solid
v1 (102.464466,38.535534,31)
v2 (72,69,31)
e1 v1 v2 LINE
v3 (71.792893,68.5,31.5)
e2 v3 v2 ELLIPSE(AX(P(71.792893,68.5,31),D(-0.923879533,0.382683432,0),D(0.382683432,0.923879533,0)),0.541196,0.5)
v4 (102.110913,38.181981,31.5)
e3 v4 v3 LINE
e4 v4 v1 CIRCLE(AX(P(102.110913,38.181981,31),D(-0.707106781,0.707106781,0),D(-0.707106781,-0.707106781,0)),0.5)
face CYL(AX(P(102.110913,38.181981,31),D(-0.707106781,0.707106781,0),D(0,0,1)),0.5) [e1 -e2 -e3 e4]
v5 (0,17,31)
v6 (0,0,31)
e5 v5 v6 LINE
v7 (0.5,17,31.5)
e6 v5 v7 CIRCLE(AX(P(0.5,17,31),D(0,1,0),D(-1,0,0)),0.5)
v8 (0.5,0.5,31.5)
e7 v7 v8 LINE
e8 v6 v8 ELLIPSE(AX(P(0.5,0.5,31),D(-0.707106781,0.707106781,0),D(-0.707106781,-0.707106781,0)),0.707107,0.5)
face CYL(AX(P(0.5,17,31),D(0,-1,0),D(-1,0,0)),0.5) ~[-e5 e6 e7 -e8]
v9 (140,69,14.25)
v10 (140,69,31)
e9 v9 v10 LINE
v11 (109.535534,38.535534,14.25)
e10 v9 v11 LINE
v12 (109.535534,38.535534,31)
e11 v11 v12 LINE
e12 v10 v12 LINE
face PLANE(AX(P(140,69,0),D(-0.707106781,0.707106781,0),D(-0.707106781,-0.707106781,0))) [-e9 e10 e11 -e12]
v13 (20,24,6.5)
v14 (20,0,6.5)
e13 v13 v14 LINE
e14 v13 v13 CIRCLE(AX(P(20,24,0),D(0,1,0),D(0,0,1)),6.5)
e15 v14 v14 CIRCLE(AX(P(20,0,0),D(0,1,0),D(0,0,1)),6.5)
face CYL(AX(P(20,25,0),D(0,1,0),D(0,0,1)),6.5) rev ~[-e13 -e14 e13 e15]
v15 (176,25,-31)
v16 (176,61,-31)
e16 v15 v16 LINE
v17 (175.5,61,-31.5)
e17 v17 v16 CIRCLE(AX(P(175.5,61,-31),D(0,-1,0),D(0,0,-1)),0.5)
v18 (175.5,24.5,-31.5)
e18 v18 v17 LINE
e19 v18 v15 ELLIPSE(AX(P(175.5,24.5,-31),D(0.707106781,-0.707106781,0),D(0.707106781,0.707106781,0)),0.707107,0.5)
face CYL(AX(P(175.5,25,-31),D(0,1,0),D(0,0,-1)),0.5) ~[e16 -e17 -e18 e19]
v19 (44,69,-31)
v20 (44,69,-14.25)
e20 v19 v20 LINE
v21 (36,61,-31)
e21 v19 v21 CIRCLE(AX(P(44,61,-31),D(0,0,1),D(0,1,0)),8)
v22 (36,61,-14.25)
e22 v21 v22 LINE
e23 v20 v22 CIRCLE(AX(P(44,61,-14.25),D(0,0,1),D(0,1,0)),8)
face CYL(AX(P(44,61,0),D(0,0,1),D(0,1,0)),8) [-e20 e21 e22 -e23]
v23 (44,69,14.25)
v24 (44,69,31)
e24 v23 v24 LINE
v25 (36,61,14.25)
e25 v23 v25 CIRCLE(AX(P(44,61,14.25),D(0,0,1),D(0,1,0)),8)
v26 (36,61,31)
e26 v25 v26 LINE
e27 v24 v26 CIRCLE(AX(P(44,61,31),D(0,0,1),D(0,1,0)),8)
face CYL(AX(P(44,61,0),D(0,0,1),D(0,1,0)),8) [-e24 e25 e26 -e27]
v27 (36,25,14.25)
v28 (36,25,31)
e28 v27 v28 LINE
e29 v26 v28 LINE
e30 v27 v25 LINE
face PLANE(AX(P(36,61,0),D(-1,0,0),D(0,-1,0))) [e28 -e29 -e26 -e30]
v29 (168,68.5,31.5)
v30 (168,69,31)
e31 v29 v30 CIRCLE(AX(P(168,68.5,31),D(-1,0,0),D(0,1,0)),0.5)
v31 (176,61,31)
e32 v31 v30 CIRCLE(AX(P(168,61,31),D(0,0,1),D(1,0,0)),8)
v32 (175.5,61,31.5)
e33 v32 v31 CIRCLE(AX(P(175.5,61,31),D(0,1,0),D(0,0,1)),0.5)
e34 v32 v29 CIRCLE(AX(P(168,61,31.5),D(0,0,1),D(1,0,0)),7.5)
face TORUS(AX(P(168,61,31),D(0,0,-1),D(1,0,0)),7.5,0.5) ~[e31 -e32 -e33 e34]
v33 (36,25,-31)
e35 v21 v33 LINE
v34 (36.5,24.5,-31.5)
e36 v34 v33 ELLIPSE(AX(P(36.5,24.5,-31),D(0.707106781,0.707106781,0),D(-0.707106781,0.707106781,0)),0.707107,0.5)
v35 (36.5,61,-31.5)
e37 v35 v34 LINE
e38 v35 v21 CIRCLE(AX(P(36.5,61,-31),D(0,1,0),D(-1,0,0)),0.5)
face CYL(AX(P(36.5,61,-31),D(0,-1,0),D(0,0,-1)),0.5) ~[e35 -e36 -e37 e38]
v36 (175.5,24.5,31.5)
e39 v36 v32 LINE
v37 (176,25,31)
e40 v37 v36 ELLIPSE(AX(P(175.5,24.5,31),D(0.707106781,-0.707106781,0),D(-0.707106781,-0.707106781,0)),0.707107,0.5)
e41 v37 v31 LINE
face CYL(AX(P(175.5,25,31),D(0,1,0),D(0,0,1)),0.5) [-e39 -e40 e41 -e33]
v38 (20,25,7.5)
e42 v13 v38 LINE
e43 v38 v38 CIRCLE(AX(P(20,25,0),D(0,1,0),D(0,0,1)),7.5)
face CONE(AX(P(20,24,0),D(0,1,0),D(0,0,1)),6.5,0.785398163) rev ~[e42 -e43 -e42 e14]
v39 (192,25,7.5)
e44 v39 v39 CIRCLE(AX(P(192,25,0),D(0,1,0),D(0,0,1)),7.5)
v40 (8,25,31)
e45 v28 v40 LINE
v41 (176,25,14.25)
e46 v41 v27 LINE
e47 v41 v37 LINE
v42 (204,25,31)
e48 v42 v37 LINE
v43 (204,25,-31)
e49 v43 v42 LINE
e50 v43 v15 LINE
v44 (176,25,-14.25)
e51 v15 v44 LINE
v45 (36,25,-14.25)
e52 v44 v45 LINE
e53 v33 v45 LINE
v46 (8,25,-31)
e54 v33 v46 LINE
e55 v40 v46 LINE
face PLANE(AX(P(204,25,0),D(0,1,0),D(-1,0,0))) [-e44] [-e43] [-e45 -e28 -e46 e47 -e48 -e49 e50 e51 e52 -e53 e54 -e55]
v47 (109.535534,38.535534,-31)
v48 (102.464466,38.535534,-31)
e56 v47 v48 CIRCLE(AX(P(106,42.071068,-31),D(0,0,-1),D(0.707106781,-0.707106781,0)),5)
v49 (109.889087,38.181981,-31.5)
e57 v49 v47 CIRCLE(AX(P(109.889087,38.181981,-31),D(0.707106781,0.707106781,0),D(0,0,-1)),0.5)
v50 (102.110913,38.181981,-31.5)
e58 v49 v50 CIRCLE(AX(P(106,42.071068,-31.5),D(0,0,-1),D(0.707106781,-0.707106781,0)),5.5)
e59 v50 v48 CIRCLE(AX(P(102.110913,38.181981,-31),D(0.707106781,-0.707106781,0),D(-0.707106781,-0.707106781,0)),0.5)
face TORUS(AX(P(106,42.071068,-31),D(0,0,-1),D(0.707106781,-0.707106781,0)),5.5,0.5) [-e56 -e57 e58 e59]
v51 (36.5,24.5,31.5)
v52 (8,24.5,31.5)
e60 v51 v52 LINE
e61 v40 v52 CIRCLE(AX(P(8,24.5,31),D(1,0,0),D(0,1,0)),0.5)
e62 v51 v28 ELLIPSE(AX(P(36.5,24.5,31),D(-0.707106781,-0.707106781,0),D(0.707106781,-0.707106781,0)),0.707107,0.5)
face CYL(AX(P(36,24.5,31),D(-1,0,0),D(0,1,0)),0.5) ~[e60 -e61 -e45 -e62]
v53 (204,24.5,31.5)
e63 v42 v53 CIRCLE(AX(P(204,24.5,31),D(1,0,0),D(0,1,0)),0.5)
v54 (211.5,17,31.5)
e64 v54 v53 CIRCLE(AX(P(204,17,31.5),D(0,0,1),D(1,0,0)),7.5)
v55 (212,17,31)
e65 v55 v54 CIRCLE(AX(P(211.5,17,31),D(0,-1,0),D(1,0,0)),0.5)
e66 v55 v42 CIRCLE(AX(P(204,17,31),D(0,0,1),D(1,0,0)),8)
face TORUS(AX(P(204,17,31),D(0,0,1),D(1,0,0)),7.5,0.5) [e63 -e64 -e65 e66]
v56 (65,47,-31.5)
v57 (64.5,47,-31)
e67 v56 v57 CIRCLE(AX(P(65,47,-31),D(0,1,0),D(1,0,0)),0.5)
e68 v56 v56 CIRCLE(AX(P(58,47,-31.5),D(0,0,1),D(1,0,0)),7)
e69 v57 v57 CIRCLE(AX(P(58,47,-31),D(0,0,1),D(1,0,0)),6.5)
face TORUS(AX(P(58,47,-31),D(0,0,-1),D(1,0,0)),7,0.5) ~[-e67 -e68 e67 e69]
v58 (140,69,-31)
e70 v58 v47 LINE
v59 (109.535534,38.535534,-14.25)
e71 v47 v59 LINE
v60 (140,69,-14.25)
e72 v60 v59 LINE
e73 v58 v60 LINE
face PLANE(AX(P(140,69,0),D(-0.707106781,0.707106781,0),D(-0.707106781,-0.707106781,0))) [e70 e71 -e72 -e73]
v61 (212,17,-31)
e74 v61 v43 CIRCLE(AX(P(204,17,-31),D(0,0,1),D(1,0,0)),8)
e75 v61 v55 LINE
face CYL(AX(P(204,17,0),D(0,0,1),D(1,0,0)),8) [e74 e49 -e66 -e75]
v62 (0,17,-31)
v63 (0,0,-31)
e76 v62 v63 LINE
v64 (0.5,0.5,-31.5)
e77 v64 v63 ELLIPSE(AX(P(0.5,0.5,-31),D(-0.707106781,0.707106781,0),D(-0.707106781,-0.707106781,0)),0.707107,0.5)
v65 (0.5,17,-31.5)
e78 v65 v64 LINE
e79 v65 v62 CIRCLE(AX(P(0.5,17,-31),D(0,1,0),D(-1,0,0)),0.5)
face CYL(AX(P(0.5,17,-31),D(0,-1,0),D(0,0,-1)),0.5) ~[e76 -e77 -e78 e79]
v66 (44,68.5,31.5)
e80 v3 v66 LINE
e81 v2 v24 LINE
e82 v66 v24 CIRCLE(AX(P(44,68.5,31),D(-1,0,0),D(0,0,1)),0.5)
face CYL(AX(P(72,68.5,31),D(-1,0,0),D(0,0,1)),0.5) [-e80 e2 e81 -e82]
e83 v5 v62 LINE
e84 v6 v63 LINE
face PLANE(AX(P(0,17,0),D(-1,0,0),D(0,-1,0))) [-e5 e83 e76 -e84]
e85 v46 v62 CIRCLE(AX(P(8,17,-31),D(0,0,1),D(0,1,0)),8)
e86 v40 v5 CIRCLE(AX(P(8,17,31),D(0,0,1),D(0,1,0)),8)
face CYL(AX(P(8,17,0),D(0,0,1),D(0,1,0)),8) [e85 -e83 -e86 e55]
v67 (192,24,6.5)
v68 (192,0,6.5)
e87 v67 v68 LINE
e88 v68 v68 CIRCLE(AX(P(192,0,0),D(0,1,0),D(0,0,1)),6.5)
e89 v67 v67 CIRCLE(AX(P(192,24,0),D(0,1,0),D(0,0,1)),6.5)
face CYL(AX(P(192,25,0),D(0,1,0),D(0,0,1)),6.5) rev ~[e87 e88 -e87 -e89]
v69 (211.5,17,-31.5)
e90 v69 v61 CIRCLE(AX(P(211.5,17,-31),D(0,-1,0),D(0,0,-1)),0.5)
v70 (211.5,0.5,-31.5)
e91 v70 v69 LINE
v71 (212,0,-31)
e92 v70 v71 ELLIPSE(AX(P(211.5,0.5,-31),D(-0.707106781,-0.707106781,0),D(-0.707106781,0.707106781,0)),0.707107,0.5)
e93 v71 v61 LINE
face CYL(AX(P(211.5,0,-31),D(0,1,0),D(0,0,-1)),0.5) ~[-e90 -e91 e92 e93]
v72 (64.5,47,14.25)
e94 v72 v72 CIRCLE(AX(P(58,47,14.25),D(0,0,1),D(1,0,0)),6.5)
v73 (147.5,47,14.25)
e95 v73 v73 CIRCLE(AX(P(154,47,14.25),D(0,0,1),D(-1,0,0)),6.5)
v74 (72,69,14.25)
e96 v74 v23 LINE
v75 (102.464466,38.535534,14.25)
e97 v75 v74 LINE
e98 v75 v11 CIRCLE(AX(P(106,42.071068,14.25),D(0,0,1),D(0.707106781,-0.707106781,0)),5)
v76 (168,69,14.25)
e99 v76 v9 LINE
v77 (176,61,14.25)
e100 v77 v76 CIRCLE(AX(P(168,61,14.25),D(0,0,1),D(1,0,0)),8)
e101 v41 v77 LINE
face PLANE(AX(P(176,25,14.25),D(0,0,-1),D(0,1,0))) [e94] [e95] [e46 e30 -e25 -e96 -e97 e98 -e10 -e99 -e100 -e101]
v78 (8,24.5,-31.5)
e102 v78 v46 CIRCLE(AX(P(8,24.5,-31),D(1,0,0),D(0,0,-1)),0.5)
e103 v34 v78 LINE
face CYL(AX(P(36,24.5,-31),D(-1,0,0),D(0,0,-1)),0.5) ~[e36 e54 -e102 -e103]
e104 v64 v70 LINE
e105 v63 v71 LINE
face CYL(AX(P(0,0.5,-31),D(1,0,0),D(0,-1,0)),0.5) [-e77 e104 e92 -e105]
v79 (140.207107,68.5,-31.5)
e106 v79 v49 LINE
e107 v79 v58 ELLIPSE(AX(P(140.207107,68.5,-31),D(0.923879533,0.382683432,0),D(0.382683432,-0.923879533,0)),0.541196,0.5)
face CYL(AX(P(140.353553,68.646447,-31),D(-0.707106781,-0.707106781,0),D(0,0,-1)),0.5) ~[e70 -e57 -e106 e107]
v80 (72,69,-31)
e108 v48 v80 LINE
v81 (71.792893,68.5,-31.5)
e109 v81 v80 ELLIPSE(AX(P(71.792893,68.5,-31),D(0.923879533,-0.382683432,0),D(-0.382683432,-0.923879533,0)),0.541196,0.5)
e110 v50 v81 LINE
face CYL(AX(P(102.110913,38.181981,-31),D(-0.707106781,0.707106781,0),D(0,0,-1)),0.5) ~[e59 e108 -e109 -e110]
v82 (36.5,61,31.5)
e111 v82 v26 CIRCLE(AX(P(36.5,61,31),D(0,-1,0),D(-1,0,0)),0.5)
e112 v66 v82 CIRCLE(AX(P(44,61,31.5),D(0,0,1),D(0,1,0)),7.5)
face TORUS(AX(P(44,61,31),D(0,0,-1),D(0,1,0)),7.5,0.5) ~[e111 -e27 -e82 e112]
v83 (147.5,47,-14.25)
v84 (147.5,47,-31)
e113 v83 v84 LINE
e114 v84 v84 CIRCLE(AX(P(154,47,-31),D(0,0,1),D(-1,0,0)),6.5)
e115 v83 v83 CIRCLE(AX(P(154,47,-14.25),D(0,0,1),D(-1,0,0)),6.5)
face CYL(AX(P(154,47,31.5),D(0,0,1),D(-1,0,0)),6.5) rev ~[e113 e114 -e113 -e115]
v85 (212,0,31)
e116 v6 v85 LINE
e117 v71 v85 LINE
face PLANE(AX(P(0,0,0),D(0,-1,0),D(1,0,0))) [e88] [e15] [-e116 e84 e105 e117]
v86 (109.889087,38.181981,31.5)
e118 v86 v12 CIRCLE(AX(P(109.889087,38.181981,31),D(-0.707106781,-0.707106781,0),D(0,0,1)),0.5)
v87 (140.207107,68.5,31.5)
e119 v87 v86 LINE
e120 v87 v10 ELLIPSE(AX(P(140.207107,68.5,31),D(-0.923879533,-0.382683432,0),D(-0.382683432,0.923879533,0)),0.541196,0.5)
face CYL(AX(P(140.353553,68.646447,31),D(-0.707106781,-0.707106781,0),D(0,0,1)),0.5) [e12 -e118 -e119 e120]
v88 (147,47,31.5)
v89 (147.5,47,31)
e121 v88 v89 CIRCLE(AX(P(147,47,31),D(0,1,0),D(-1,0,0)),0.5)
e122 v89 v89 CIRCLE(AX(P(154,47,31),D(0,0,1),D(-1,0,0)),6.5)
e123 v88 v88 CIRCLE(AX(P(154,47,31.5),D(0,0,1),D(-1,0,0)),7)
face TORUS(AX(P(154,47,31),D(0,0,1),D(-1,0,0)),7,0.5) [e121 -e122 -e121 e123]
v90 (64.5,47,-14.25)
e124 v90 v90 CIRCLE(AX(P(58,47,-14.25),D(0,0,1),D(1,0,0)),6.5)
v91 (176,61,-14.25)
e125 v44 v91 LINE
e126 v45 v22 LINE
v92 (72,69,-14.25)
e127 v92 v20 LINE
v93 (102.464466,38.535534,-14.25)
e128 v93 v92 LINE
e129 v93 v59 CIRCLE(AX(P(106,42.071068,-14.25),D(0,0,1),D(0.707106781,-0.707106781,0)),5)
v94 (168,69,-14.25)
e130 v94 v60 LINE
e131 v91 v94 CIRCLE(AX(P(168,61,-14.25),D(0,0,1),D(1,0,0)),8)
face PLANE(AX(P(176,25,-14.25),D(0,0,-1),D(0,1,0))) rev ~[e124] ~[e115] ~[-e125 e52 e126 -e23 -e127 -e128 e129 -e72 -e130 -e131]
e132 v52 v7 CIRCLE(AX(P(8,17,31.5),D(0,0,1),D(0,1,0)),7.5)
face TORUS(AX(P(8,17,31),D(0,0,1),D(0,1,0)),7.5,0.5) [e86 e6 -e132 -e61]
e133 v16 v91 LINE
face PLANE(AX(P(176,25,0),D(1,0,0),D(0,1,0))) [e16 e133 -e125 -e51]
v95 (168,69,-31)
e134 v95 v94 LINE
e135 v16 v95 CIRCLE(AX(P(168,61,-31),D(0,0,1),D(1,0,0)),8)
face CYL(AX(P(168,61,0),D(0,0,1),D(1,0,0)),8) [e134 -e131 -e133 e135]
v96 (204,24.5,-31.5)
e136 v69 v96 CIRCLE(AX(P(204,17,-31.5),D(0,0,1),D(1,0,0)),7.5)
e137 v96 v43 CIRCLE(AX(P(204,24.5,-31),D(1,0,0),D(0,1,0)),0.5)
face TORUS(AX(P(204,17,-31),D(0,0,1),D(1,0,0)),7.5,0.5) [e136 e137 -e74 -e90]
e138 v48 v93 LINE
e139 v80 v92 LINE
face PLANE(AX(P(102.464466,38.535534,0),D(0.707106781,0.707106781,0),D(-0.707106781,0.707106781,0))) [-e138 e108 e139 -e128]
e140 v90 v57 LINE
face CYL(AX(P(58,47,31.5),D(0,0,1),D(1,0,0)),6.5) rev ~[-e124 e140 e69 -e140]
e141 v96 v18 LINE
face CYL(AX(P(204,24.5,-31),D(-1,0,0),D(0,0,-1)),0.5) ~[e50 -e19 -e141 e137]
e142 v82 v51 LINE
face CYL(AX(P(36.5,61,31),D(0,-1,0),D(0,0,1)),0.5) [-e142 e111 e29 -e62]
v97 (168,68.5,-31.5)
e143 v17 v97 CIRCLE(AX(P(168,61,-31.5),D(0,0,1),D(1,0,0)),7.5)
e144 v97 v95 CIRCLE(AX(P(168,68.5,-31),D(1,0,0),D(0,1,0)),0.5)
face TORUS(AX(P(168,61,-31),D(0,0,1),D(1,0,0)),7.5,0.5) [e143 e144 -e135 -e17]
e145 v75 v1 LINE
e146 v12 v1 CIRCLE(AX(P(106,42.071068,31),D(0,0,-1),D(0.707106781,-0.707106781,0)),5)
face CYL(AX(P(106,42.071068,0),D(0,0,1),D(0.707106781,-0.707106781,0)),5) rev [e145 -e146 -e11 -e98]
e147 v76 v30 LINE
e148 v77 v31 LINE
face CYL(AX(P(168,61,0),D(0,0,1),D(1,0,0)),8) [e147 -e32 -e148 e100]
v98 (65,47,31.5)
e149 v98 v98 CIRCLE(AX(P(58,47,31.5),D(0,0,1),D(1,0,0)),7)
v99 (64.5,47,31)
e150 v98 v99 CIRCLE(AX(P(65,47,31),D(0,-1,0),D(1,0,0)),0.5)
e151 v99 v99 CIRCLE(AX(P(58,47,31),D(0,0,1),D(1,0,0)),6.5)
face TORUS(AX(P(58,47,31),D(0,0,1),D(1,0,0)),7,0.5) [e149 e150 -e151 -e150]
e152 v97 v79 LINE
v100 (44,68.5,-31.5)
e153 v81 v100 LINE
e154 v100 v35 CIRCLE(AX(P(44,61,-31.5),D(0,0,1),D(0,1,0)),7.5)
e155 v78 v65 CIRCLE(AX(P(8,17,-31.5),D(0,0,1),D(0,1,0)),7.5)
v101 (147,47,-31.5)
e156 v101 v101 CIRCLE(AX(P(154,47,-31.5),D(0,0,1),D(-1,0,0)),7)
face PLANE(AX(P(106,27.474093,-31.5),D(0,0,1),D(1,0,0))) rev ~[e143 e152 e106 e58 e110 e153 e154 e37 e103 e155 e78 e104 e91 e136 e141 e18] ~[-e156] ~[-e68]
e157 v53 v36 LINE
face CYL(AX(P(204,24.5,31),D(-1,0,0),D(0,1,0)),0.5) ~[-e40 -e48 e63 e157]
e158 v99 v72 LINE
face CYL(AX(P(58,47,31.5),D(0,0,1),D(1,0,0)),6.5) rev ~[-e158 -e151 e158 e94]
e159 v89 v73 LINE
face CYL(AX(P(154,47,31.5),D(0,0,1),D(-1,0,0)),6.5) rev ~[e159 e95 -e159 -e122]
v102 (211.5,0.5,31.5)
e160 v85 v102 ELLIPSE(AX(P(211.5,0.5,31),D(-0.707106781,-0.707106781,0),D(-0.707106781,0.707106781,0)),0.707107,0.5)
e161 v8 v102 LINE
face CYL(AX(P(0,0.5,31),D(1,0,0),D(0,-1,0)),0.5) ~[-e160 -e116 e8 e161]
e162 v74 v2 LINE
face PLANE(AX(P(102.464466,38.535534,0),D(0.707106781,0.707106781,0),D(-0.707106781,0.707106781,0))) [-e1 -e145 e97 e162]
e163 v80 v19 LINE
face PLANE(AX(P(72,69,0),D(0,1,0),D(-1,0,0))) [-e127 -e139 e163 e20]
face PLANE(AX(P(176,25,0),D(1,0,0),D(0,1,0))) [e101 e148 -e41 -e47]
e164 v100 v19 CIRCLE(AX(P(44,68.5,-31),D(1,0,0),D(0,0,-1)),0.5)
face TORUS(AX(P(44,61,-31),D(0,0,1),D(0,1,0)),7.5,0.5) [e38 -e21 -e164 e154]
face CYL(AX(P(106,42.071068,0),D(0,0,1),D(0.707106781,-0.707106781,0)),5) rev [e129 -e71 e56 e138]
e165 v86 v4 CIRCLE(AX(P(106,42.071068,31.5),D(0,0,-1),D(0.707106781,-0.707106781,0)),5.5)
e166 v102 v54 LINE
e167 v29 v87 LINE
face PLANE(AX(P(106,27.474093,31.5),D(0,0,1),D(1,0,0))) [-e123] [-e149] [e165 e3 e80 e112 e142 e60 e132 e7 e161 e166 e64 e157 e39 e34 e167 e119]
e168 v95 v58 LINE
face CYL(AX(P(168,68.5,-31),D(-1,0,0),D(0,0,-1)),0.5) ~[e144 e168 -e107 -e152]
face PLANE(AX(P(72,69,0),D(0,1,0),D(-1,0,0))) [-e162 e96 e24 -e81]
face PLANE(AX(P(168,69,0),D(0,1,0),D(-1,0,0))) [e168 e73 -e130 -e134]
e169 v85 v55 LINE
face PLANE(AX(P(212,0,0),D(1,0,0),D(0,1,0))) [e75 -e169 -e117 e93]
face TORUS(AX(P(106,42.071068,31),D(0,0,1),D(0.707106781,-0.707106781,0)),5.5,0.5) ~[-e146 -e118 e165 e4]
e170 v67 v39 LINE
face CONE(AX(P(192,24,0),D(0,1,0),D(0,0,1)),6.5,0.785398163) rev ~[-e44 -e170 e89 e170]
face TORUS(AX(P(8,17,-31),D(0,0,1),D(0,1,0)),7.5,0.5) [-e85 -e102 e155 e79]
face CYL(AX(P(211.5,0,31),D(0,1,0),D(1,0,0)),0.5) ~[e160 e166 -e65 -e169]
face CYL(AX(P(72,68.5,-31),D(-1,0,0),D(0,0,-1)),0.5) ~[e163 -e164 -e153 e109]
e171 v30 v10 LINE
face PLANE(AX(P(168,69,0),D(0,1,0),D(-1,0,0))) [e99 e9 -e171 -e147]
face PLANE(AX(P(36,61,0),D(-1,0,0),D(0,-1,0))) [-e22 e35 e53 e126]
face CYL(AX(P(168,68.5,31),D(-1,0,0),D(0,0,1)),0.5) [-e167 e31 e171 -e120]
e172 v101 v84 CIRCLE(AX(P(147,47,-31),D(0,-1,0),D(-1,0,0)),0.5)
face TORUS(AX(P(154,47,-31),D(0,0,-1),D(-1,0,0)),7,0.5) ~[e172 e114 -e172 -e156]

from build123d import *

# Parameters (mm, degrees)
BOSS_EXTRUDE1_DEPTH = 31.5
CUT_EXTRUDE1_REACH  = 193.649
SKETCH2_W           = 28.5
SKETCH2_H           = 44
SKETCH3_R           = 6.5
CUT_EXTRUDE2_DEPTH  = 232.676498592
SKETCH4_R           = 6.5
CUT_EXTRUDE3_DEPTH  = 219.797280605
FILLET1_R           = 0.5
CHAMFER1_SIZE       = 1


with BuildPart() as part:
    # Sketch1 → Boss-Extrude1 (new, symmetric)
    with BuildSketch(Plane.XY):
        with BuildLine():
            Line((0, 0), (212, 0))
            Line((212, 0), (212, 17))
            ThreePointArc((212, 17), (209.656854249, 22.656854249), (204, 25))
            Line((204, 25), (176, 25))
            Line((176, 25), (176, 61))
            ThreePointArc((176, 61), (173.656854249, 66.656854249), (168, 69))
            Line((168, 69), (140, 69))
            Line((140, 69), (109.535533906, 38.535533906))
            ThreePointArc((109.535533906, 38.535533906), (106, 37.071067812), (102.464466094, 38.535533906))
            Line((102.464466094, 38.535533906), (72, 69))
            Line((72, 69), (44, 69))
            ThreePointArc((44, 69), (38.343145751, 66.656854249), (36, 61))
            Line((36, 61), (36, 25))
            Line((36, 25), (8, 25))
            ThreePointArc((8, 25), (2.343145751, 22.656854249), (0, 17))
            Line((0, 17), (0, 0))
        make_face()
    extrude(amount=BOSS_EXTRUDE1_DEPTH, both=True)

    # Cut-Extrude1: up to this face of the body (flat: up to its plane)
    cut_extrude1_end = Plane(part.part.faces().sort_by_distance((36, 43, 0))[0])
    # Sketch2 → Cut-Extrude1 (cut, up to the picked face)
    with BuildSketch(Plane(origin=(176, 0, 0), x_dir=(0, 0, -1), z_dir=(1, 0, 0)), mode=Mode.PRIVATE) as cut_extrude1_sk1:
        with Locations((0, 47)):
            Rectangle(SKETCH2_W, SKETCH2_H)
    cut_extrude1_tool1 = split(extrude(cut_extrude1_sk1.sketch, amount=-CUT_EXTRUDE1_REACH, mode=Mode.PRIVATE), bisect_by=cut_extrude1_end, keep=Keep.BOTH, mode=Mode.PRIVATE)
    add(cut_extrude1_tool1.solids().sort_by(Axis((176, 47, 0), (-1, 0, 0)))[0], mode=Mode.SUBTRACT)

    # Sketch3 → Cut-Extrude2 (cut, through all)
    with BuildSketch(Plane.XY.offset(31.5)):
        with Locations((58, 47)):
            Circle(SKETCH3_R)
        with Locations(Location((154, 47, 0), (0, 0, 180))):
            Circle(SKETCH3_R)
    extrude(amount=-CUT_EXTRUDE2_DEPTH, mode=Mode.SUBTRACT)

    # Sketch4 → Cut-Extrude3 (cut, through all)
    with BuildSketch(Plane(origin=(0, 25, 0), x_dir=(1, 0, 0), z_dir=(0, 1, 0))):
        with Locations(Location((20, 0, 0), (0, 0, 270))):
            Circle(SKETCH4_R)
        with Locations(Location((192, 0, 0), (0, 0, 270))):
            Circle(SKETCH4_R)
    extrude(amount=-CUT_EXTRUDE3_DEPTH, mode=Mode.SUBTRACT)

    # Fillet1
    fillet1_edges = [part.edges().sort_by_distance(p)[0] for p in [
        (212, 8.5, 31.5),
        (2.343145751, 22.656854249, -31.5),
        (22, 25, -31.5),
        (36, 43, -31.5),
        (209.656854249, 22.656854249, 31.5),
        (38.343145751, 66.656854249, -31.5),
        (58, 69, -31.5),
        (87.232233047, 53.767766953, -31.5),
        (106, 37.071067812, -31.5),
        (124.767766953, 53.767766953, -31.5),
        (154, 69, -31.5),
        (173.656854249, 66.656854249, -31.5),
        (176, 43, -31.5),
        (190, 25, -31.5),
        (209.656854249, 22.656854249, -31.5),
        (190, 25, 31.5),
        (212, 8.5, -31.5),
        (106, 0, -31.5),
        (0, 8.5, -31.5),
        (176, 43, 31.5),
        (173.656854249, 66.656854249, 31.5),
        (154, 69, 31.5),
        (124.767766953, 53.767766953, 31.5),
        (106, 37.071067812, 31.5),
        (87.232233047, 53.767766953, 31.5),
        (58, 69, 31.5),
        (0, 8.5, 31.5),
        (38.343145751, 66.656854249, 31.5),
        (36, 43, 31.5),
        (22, 25, 31.5),
        (2.343145751, 22.656854249, 31.5),
        (51.5, 47, -31.5),
        (106, 0, 31.5),
        (51.5, 47, 31.5),
        (160.5, 47, -31.5),
        (160.5, 47, 31.5),
    ]]
    fillet(fillet1_edges, radius=FILLET1_R)

    # Chamfer1
    chamfer1_edges = [part.edges().sort_by_distance(p)[0] for p in [
        (20, 25, -6.5),
        (192, 25, -6.5),
    ]]
    chamfer(chamfer1_edges, length=CHAMFER1_SIZE)


solid = part.part
